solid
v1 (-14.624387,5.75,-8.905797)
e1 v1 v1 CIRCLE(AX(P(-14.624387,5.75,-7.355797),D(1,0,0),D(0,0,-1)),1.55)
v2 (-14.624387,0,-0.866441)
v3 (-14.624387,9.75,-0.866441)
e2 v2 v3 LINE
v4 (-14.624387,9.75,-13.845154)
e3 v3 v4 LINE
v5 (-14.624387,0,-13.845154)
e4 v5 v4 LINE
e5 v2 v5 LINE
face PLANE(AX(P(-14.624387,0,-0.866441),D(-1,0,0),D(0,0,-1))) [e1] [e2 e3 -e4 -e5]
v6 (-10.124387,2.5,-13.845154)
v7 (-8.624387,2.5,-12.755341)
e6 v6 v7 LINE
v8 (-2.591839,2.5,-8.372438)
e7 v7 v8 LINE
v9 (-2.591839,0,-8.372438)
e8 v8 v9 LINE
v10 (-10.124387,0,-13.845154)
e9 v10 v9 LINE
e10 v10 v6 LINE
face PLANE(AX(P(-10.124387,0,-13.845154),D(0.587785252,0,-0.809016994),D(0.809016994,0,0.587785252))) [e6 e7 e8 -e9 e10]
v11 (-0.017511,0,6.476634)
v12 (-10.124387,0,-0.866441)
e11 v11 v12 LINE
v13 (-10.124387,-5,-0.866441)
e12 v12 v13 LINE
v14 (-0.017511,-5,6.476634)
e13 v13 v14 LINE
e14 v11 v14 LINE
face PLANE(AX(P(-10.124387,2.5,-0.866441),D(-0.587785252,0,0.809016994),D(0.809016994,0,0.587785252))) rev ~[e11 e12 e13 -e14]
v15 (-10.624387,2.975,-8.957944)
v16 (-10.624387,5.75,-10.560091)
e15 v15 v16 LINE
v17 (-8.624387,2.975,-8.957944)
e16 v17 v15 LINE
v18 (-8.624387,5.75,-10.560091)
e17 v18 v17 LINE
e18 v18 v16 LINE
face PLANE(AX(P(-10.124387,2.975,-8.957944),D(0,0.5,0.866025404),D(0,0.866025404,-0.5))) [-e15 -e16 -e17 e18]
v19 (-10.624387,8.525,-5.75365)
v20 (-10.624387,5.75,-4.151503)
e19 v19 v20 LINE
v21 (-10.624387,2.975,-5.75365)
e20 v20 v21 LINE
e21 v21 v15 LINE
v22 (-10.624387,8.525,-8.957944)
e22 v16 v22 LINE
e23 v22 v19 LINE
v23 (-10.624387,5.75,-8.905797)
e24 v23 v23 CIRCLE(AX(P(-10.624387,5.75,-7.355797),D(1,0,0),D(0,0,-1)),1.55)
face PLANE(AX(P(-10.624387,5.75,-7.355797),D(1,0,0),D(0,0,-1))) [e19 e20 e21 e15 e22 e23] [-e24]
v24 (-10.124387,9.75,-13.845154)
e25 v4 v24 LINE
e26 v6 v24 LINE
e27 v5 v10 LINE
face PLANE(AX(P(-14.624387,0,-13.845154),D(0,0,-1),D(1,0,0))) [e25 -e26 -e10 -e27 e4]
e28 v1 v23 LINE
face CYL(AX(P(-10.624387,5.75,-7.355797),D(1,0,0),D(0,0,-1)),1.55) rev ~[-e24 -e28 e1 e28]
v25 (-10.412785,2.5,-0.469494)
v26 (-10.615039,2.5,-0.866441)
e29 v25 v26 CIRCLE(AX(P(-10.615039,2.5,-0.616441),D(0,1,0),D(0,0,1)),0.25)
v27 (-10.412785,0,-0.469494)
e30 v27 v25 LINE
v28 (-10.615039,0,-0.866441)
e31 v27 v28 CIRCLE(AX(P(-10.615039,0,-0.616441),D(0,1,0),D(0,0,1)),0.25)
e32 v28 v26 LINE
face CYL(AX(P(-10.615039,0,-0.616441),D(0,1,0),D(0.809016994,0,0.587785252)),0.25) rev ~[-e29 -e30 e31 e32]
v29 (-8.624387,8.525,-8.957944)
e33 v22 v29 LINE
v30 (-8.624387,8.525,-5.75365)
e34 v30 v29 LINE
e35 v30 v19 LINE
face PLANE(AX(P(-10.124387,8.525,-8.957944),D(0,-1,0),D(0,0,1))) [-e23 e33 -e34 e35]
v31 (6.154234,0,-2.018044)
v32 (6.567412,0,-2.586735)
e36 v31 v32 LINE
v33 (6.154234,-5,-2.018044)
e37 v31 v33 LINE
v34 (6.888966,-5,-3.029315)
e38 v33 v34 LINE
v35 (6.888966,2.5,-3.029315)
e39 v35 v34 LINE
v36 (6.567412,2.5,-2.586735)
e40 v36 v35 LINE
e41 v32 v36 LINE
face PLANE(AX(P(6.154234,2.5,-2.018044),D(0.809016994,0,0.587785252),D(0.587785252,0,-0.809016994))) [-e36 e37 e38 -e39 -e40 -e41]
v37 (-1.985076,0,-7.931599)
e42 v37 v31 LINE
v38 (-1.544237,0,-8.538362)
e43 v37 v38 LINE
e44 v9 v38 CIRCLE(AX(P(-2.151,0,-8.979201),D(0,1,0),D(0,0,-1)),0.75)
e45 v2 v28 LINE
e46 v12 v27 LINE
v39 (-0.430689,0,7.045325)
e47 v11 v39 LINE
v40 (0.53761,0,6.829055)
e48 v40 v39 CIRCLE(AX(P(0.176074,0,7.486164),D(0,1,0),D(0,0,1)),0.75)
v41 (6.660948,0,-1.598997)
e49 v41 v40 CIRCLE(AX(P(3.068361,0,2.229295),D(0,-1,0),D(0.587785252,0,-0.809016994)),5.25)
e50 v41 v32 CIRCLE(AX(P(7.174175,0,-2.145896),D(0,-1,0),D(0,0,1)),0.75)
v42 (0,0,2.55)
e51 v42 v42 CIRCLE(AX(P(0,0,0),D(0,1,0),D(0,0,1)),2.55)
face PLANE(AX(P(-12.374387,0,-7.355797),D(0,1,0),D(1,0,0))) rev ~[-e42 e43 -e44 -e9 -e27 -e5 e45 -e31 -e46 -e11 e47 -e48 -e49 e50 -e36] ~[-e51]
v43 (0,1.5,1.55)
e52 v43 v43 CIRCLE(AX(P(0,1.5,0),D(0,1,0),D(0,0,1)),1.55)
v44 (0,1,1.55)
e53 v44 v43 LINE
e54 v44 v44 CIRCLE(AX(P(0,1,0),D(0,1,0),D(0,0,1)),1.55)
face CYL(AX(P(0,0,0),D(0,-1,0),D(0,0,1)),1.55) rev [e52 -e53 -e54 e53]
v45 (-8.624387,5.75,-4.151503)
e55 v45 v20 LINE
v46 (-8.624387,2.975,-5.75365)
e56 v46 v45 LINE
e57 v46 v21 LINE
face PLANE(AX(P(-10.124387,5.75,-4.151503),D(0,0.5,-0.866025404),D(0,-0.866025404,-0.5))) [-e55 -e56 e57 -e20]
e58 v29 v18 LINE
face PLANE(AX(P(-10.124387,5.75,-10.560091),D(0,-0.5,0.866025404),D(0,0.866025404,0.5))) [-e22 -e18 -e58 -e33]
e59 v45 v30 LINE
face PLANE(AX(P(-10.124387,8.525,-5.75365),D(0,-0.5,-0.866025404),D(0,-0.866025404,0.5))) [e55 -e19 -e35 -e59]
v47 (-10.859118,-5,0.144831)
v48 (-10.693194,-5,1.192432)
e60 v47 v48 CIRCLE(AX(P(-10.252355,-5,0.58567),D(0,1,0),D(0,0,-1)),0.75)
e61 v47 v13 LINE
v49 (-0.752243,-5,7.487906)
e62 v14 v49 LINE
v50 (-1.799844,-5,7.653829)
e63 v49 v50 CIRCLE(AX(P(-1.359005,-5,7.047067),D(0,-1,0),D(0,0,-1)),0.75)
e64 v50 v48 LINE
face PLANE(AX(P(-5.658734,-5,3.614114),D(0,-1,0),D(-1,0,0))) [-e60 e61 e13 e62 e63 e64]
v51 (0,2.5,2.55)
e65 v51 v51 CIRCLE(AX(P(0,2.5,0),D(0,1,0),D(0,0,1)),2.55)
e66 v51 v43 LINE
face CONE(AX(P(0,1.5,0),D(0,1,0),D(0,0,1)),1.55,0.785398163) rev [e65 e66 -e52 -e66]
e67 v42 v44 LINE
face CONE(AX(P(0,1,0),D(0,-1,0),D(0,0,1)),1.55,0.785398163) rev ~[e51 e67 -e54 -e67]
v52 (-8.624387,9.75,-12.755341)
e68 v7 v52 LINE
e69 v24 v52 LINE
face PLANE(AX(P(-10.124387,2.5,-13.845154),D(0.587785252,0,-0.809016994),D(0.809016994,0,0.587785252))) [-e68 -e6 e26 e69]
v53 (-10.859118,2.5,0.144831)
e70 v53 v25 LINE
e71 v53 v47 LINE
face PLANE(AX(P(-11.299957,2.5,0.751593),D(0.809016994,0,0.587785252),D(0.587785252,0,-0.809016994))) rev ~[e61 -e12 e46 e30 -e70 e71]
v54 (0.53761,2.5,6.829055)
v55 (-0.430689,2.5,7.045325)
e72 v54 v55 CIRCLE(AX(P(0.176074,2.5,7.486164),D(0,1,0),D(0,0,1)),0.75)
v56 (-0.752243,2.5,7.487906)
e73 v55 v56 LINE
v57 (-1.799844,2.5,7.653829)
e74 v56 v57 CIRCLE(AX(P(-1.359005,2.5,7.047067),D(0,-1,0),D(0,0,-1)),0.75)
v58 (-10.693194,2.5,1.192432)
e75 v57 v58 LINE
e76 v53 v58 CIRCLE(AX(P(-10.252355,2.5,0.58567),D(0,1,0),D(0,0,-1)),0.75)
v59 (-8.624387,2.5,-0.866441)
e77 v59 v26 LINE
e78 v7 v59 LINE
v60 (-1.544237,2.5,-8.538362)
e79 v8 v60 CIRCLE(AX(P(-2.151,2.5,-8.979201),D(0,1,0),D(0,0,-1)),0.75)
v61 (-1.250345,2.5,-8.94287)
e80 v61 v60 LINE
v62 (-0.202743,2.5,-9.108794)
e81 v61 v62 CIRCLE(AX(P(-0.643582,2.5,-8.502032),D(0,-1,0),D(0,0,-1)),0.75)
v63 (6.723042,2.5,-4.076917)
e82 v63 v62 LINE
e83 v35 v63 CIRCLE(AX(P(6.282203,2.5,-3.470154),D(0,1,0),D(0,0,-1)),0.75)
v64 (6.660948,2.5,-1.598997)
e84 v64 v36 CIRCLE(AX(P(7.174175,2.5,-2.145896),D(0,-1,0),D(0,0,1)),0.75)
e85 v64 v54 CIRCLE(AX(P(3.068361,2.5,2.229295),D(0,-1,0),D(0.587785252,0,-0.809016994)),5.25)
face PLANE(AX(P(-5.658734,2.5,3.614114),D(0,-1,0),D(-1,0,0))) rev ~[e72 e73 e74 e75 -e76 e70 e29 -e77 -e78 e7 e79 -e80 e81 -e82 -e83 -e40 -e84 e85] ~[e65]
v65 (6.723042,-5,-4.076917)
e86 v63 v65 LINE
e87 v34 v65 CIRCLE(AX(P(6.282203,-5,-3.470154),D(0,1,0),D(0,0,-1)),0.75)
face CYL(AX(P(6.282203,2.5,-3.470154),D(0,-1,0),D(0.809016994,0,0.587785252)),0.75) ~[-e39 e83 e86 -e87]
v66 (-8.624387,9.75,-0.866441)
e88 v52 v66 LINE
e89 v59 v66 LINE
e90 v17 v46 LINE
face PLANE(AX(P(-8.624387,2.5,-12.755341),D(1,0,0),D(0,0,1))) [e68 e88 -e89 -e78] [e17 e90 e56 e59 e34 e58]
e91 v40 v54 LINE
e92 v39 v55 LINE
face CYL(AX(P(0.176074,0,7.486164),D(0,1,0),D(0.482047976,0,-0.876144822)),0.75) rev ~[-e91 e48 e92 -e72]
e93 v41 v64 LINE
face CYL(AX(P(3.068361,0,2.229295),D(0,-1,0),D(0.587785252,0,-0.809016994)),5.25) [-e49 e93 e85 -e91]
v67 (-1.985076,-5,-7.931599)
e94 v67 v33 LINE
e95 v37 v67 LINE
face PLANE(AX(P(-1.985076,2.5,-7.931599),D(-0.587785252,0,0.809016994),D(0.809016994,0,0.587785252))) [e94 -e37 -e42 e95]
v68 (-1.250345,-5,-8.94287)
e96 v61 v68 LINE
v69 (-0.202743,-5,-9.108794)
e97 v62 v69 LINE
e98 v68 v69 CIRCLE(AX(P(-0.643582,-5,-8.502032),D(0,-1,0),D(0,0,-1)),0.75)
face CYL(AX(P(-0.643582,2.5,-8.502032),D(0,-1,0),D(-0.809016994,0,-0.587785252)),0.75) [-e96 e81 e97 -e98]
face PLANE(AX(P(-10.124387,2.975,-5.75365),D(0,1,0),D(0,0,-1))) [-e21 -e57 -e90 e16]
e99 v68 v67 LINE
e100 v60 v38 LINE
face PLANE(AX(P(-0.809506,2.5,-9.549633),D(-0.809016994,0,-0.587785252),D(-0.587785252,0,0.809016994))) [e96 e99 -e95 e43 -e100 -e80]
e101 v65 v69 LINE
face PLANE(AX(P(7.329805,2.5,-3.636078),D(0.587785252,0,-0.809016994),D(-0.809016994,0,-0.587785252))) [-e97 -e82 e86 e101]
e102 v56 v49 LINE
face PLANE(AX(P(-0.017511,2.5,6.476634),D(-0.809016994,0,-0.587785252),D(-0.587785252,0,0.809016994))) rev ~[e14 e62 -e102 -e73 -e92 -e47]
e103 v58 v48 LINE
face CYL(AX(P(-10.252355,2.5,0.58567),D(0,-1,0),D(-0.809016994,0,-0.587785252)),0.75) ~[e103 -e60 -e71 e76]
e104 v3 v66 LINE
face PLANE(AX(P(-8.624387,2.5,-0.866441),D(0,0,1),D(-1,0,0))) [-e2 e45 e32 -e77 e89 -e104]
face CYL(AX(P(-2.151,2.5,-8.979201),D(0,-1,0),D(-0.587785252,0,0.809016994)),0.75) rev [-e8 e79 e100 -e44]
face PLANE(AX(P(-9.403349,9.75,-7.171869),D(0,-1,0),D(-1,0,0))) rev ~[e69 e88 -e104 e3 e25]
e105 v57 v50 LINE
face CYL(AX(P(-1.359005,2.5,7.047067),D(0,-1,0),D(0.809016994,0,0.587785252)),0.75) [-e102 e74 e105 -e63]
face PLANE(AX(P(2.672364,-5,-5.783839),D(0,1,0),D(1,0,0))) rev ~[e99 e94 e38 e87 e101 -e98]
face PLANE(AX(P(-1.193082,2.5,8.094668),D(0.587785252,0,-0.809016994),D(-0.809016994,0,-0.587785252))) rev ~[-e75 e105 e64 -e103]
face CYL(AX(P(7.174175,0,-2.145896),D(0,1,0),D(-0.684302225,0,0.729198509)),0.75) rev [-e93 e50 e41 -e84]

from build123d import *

# Parameters (mm, degrees)
SKETCH_1_R            = 1.55
EXTRUDE_514_DEPTH     = 2.5
EXTRUDE_START         = 2.5
EXTRUDE_981_DEPTH     = 7.5
SKETCH_3_W            = 4.5
SKETCH_3_H            = 12.978713764
EXTRUDE_1_DEPTH       = 9.75
CHAMFER_1_SIZE        = 1
FILLET_5_R            = 0.75
CUT_EXTRUDE_1_DEPTH   = 2
SKETCH_7_R            = 1.55
CUT_EXTRUDE_2_DEPTH   = 4.5
EXTRUDE_2642_DEPTH    = 7.25
CUT_EXTRUDE_1_2_DEPTH = 26.037686694
EXTRUDE_START_2       = 1.5
SKETCH_9_R            = 1.55
EXTRUDE_2_DEPTH       = 1.5
FILLET_6_R            = 0.25


with BuildPart() as part:
    # 草图1 → Extrude 514 (new body)
    with BuildSketch(Plane(origin=(0, 0, 0), x_dir=(1, 0, 0), z_dir=(0, 1, 0))):
        with BuildLine():
            Line((-10.1243866, 13.845154317), (6.15423406, 2.01804411))
            ThreePointArc((6.15423406, 2.01804411), (7.315700706, -5.315167685), (-0.017511089, -6.476634331))
            Line((-0.017511089, -6.476634331), (-10.1243866, 0.866440553))
            Line((-10.1243866, 0.866440553), (-10.1243866, 13.845154317))
        make_face()
        with Locations(Location((0, 0, 0), (0, 0, 270))):
            Circle(SKETCH_1_R, mode=Mode.SUBTRACT)
    extrude(amount=EXTRUDE_514_DEPTH)

    # 草图2 → Extrude 981 (add)
    with BuildSketch(Plane(origin=(0, 0, 0), x_dir=(1, 0, 0), z_dir=(0, 1, 0)).offset(EXTRUDE_START)):
        Polygon((-10.1243866, 0.866440553), (-0.017511089, -6.476634331), (-1.193081594, -8.09466832), (-11.299957105, -0.751593436), align=None)
        Polygon((7.329804565, 3.636078099), (-0.809505765, 9.549633202), (-1.98507627, 7.931599213), (6.15423406, 2.01804411), align=None)
    extrude(amount=-EXTRUDE_981_DEPTH)

    # 草图3 → 限位-1 (add)
    with BuildSketch(Plane(origin=(0, 0, 0), x_dir=(1, 0, 0), z_dir=(0, 1, 0))):
        with Locations((-12.3743866, 7.355797435)):
            Rectangle(SKETCH_3_W, SKETCH_3_H)
    extrude(amount=EXTRUDE_1_DEPTH)

    # 倒角1
    chamfer_1_edges = [part.edges().sort_by_distance(p)[0] for p in [
        (0, 0, -1.55),
        (0, 2.5, -1.55),
    ]]
    chamfer(chamfer_1_edges, length=CHAMFER_1_SIZE)

    # 圆角5
    fillet_5_edges = [part.edges().sort_by_distance(p)[0] for p in [
        (-1.193081594, -1.25, 8.09466832),
        (-11.299957105, -1.25, 0.751593436),
        (-1.98507627, 1.25, -7.931599213),
        (-0.809505765, -1.25, -9.549633202),
        (7.329804565, -1.25, -3.636078099),
        (-0.017511089, 1.25, 6.476634331),
        (6.15423406, 1.25, -2.01804411),
    ]]
    fillet(fillet_5_edges, radius=FILLET_5_R)

    # 草图5 → Cut-Extrude 1 (cut)
    with BuildSketch(Plane(origin=(-10.1243866, 0, 0), x_dir=(0, 0, -1), z_dir=(1, 0, 0))):
        Polygon((10.560091429, 5.75), (8.957944432, 8.525), (5.753650438, 8.525), (4.151503441, 5.75), (5.753650438, 2.975), (8.957944432, 2.975), align=None)
    extrude(amount=-CUT_EXTRUDE_1_DEPTH, mode=Mode.SUBTRACT)

    # 草图7 → 切除-拉伸2 (cut)
    with BuildSketch(Plane(origin=(-10.1243866, 0, 0), x_dir=(0, 0, -1), z_dir=(1, 0, 0))):
        with Locations((7.355797435, 5.75)):
            Circle(SKETCH_7_R)
    extrude(amount=-CUT_EXTRUDE_2_DEPTH, mode=Mode.SUBTRACT)

    # 草图8 → Extrude 2642 (add)
    with BuildSketch(Plane(origin=(0, 0, 0), x_dir=(1, 0, 0), z_dir=(0, 1, 0)).offset(EXTRUDE_START)):
        Polygon((-10.1243866, 13.845154317), (-8.6243866, 12.755340525), (-8.6243866, 0.866440553), (-10.1243866, 0.866440553), align=None)
    extrude(amount=EXTRUDE_2642_DEPTH)

    # 草图5<2> → Cut-Extrude 1 2 (cut, through all)
    with BuildSketch(Plane(origin=(-10.1243866, 0, 0), x_dir=(0, 0, -1), z_dir=(1, 0, 0))):
        Polygon((10.560091429, 5.75), (8.957944432, 8.525), (5.753650438, 8.525), (4.151503441, 5.75), (5.753650438, 2.975), (8.957944432, 2.975), align=None)
    extrude(amount=CUT_EXTRUDE_1_2_DEPTH, mode=Mode.SUBTRACT)

    # 草图9 → 结构补强螺母位-2 (add)
    with BuildSketch(Plane(origin=(-12.1243866, 0, 0), x_dir=(0, 0, -1), z_dir=(1, 0, 0)).offset(EXTRUDE_START_2)):
        Polygon((8.957944432, 2.975), (10.560091429, 5.75), (8.957944432, 8.525), (5.753650438, 8.525), (4.151503441, 5.75), (5.753650438, 2.975), align=None)
        with Locations((7.355797435, 5.75)):
            Circle(SKETCH_9_R, mode=Mode.SUBTRACT)
    extrude(amount=-EXTRUDE_2_DEPTH)

    # 圆角6
    fillet_6_edges = [part.edges().sort_by_distance(p)[0] for p in [
        (-10.1243866, 1.25, -0.866440553),
    ]]
    fillet(fillet_6_edges, radius=FILLET_6_R)


solid = part.part
